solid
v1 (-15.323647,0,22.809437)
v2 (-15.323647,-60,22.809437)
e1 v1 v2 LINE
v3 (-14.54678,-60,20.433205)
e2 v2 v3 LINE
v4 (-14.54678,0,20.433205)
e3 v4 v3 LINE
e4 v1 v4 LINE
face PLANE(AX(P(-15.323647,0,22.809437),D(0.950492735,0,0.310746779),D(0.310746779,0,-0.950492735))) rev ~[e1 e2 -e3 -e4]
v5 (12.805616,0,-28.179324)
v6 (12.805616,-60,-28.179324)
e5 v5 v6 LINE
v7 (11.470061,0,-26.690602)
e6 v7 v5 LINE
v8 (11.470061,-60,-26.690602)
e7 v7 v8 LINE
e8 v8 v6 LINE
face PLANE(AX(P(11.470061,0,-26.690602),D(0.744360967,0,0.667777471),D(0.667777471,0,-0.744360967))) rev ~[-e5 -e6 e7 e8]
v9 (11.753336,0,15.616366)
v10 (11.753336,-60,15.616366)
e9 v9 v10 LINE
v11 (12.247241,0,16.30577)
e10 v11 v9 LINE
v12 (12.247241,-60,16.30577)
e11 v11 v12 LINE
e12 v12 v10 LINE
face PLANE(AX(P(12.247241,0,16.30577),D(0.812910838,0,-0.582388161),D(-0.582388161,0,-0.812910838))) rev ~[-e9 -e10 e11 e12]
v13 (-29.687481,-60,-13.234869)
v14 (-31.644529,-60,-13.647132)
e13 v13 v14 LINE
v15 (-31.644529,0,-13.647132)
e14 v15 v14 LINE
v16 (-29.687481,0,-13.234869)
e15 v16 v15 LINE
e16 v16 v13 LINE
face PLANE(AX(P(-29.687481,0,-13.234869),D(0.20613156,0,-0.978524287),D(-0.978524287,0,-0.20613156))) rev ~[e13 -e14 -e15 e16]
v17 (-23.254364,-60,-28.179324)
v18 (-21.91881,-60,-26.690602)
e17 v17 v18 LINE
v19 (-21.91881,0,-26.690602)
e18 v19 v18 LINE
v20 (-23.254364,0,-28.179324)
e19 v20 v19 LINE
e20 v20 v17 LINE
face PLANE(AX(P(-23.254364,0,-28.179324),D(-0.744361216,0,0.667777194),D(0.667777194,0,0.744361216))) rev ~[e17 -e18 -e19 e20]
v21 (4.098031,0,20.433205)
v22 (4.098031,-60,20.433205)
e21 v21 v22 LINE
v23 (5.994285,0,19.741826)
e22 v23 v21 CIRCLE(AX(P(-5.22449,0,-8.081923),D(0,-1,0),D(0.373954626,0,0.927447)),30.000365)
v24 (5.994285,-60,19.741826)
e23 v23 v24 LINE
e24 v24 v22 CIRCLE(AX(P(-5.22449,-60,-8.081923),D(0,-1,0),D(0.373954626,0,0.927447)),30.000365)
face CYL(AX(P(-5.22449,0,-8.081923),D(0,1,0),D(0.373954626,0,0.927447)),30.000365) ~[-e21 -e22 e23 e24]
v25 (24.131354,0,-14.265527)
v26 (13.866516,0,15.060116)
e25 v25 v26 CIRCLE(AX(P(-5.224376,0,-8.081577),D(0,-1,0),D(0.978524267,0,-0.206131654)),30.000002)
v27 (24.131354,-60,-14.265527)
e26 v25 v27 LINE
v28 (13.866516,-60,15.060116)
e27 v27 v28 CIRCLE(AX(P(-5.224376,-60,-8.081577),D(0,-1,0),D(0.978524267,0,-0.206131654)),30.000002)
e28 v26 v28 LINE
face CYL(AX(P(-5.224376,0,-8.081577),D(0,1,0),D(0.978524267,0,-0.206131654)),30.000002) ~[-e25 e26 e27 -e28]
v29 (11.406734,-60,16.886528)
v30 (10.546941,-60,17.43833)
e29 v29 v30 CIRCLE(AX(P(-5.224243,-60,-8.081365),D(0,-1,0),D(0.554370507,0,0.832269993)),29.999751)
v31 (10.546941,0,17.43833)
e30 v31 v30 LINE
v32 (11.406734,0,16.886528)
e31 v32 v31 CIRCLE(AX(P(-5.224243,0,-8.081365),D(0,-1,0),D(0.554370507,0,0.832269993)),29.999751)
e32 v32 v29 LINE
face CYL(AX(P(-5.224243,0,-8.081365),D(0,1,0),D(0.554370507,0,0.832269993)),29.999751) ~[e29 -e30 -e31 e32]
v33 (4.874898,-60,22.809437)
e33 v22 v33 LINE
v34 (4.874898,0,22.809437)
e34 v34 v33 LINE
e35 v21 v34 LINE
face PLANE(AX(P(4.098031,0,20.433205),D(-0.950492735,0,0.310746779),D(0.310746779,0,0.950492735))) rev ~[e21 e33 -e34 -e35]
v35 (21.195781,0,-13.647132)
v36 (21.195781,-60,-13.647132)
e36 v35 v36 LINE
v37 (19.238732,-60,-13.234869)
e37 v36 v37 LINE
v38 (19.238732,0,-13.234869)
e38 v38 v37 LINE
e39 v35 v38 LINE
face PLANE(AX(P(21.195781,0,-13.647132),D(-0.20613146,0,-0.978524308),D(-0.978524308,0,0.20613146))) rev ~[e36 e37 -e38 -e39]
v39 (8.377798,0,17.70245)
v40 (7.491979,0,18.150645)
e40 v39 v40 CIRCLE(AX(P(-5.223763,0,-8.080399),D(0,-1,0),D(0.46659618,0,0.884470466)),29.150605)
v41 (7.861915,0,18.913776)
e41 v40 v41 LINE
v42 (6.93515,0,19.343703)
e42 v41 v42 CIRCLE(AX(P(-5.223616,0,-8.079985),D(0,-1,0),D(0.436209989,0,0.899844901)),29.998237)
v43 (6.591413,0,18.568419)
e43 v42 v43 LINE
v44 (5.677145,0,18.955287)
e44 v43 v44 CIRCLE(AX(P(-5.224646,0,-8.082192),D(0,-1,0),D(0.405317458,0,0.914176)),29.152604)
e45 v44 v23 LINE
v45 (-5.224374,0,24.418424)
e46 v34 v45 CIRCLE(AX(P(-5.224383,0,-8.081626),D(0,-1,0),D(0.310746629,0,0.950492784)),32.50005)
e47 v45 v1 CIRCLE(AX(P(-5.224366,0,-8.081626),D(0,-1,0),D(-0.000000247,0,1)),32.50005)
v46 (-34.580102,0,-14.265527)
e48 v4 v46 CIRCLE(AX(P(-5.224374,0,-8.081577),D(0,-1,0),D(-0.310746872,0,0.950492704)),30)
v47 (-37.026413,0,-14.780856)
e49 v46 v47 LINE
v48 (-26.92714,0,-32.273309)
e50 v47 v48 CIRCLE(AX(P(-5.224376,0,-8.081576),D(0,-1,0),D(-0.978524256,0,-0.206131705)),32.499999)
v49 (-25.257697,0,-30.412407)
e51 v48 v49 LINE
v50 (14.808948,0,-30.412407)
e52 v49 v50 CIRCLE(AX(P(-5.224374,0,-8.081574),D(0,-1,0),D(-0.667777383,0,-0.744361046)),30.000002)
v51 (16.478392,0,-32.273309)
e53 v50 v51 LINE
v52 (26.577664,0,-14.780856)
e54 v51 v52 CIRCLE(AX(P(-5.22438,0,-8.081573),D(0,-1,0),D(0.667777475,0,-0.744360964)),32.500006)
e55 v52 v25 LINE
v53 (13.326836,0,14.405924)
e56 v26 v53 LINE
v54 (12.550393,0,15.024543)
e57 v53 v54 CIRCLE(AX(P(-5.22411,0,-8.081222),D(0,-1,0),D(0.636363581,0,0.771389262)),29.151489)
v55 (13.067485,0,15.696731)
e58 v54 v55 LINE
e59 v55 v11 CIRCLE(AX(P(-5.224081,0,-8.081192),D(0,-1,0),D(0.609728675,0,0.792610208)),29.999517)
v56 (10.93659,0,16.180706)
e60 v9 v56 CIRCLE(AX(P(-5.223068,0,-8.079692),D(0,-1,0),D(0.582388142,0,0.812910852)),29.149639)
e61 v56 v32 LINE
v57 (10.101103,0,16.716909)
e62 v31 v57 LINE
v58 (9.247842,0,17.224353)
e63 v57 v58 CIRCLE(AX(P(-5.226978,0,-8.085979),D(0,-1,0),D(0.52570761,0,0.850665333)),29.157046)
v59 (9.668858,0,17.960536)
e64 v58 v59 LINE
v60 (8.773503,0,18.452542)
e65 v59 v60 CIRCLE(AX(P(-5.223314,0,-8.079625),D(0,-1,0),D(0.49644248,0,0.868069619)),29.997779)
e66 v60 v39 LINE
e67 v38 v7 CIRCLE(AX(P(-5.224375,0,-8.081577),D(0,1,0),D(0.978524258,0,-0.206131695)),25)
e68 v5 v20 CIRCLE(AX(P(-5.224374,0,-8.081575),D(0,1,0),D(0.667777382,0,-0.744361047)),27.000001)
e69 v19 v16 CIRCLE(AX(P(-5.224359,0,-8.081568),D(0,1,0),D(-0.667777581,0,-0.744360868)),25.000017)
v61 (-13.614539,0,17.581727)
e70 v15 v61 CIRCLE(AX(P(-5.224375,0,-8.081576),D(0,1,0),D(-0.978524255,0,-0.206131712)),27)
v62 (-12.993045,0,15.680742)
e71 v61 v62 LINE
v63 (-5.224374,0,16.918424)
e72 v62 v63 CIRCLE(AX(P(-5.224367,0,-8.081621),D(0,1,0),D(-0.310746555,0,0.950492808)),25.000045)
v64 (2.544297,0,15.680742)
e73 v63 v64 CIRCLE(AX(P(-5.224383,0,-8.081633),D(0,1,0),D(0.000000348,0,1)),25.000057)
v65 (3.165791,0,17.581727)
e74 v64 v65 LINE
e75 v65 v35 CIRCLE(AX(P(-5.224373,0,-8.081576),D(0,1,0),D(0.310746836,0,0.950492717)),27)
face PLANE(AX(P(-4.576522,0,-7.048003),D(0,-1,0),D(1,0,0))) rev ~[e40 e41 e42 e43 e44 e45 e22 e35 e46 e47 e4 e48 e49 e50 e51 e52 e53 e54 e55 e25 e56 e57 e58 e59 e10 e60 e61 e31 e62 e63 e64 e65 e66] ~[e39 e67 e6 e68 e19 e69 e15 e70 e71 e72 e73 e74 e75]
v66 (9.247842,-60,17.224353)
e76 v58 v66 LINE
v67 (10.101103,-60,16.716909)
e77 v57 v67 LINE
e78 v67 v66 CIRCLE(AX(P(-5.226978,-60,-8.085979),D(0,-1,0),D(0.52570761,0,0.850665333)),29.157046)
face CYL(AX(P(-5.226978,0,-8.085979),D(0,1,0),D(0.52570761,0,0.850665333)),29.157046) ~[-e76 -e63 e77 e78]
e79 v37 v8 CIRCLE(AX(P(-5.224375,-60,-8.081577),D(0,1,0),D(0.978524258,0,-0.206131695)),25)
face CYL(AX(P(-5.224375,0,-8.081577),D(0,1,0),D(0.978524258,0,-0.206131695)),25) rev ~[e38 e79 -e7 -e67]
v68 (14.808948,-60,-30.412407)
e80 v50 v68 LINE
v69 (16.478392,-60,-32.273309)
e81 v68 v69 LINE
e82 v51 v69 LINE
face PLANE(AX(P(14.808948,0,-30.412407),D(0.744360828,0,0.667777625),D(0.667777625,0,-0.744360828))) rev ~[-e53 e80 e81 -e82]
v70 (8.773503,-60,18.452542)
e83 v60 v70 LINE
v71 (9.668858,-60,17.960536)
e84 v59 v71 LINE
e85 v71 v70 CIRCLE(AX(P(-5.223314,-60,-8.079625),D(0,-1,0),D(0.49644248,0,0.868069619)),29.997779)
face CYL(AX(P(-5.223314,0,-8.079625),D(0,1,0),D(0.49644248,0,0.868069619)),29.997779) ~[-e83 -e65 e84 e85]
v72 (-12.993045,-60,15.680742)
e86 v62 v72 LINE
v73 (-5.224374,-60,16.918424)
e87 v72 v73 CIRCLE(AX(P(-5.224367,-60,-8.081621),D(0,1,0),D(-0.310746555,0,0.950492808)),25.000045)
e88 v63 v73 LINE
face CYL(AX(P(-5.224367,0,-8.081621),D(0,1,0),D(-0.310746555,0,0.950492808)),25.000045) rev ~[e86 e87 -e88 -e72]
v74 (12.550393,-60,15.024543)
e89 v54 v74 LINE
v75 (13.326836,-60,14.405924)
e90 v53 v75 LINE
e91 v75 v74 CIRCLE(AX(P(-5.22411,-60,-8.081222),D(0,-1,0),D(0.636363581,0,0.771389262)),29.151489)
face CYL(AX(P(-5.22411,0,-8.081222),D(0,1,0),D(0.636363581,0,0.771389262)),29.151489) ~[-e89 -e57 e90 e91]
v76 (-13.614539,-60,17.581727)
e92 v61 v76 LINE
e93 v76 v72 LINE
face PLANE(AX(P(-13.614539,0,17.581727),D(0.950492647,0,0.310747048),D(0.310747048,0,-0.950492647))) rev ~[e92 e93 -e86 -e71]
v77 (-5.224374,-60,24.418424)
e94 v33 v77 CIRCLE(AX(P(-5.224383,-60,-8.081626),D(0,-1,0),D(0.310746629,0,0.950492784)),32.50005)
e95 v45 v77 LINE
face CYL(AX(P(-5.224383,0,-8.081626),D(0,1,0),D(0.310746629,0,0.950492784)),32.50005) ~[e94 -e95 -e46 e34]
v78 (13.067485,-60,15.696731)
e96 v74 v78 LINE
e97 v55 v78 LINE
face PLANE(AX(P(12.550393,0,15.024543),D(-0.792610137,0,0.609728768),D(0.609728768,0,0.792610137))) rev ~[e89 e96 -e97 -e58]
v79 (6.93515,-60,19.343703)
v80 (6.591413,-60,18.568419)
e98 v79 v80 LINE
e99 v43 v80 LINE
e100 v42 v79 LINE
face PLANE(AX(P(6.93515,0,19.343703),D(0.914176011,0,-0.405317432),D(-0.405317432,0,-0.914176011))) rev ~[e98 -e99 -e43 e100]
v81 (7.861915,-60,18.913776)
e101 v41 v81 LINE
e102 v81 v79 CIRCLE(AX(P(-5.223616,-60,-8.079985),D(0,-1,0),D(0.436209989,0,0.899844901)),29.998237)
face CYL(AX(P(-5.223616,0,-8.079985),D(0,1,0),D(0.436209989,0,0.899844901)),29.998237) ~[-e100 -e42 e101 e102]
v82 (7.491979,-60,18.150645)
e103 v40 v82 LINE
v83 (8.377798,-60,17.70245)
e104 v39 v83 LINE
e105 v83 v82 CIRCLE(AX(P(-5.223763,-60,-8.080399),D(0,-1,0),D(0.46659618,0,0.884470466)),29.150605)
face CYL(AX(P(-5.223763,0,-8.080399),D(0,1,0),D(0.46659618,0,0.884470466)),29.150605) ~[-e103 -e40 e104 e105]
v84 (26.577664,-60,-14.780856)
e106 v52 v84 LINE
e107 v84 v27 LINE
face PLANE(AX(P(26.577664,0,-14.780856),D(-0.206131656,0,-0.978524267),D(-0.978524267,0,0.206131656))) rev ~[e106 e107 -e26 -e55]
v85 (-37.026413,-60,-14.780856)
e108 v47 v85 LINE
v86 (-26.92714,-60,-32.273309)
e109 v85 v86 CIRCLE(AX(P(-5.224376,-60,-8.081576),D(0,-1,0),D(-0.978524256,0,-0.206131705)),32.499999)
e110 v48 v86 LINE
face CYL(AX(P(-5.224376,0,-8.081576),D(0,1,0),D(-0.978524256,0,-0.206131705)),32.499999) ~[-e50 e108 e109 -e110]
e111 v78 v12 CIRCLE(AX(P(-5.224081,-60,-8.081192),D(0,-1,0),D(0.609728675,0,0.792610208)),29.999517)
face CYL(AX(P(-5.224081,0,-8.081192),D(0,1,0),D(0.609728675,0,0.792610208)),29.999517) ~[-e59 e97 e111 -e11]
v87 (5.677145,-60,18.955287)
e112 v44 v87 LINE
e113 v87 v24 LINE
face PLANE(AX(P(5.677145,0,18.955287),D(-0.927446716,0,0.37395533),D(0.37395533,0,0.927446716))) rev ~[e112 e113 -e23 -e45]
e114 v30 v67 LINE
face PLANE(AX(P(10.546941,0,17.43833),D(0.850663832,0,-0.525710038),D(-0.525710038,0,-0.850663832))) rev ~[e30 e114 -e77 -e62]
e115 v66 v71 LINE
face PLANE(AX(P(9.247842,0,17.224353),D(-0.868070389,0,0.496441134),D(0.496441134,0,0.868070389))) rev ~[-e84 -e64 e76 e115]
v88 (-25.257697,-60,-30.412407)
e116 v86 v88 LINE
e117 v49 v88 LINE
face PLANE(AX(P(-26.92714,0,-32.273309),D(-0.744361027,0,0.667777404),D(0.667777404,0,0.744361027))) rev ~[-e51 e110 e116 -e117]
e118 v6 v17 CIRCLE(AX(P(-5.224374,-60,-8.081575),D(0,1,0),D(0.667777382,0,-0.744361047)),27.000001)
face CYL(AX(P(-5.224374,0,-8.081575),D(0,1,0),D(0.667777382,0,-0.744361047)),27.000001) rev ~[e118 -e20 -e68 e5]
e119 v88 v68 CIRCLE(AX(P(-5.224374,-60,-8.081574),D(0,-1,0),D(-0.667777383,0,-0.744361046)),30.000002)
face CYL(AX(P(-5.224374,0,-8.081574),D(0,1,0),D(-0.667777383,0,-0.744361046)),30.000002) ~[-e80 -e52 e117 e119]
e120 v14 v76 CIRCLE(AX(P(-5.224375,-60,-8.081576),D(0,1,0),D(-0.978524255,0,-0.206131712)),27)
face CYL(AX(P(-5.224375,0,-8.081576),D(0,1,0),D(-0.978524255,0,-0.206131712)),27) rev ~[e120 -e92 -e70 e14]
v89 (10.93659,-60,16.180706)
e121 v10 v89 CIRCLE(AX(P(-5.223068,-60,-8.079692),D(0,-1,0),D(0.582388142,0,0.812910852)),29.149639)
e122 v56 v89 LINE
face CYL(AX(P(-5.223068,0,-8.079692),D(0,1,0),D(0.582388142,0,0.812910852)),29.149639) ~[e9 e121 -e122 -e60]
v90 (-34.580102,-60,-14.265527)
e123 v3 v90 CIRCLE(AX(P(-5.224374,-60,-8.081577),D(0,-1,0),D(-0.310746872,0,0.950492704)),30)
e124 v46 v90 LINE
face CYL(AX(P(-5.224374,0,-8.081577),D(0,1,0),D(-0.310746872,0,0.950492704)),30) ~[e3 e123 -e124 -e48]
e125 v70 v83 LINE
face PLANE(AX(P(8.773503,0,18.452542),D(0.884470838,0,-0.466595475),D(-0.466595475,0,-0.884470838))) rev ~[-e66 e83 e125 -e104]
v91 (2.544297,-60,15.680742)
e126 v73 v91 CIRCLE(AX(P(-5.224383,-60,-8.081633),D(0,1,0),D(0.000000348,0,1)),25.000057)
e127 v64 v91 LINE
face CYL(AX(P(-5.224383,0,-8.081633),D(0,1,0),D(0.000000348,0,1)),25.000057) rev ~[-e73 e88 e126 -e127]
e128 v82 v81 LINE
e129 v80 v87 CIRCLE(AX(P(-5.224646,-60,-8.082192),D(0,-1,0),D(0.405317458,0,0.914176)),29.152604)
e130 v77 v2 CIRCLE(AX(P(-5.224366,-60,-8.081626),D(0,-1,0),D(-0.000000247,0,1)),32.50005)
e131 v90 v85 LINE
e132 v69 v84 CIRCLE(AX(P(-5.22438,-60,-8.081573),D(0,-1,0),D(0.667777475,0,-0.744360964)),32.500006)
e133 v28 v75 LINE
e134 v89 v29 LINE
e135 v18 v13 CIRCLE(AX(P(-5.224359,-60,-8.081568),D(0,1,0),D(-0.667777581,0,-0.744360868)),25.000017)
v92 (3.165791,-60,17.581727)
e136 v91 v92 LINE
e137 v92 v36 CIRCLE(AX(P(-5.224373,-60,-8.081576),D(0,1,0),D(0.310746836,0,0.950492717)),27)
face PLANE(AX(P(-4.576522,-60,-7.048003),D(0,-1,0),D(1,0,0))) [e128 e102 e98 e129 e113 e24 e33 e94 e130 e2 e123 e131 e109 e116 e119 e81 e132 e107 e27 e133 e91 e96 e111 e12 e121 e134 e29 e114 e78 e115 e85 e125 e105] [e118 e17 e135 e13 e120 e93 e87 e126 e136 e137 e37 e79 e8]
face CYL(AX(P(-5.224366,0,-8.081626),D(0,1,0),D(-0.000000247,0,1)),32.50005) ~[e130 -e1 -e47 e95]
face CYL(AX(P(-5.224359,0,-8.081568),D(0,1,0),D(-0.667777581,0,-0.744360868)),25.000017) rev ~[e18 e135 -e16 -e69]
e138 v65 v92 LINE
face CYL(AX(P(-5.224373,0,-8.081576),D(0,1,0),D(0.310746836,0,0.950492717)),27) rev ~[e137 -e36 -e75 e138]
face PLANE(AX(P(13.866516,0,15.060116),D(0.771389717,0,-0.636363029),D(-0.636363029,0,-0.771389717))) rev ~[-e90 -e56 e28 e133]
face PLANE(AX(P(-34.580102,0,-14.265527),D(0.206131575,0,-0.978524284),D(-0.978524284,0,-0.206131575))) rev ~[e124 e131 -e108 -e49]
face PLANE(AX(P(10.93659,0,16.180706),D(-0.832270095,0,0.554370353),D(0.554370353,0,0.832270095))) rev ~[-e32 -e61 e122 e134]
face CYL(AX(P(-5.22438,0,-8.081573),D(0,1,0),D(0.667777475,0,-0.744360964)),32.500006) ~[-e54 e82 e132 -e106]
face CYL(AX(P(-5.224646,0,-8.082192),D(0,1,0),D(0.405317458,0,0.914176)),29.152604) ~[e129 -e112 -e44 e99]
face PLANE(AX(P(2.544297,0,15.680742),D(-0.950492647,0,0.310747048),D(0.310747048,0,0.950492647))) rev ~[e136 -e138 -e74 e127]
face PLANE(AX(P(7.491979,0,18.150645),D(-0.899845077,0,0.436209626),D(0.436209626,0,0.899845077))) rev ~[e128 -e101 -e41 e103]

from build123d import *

# Parameters (mm, degrees)
F1_DEPTH = 60


with BuildPart() as f1:
    # F0 (on Front) → F1 (new body)
    with BuildSketch(Plane.XZ):
        with BuildLine():
            Line((-15.323647, 22.809437), (-14.54678, 20.433205))
            ThreePointArc((-14.54678, 20.433205), (-31.205136, 6.918424), (-34.580102, -14.265527))
            Line((-34.580102, -14.265527), (-37.026413, -14.780856))
            ThreePointArc((-37.026413, -14.780856), (-33.3702, -24.331576), (-26.92714, -32.273309))
            Line((-26.92714, -32.273309), (-25.257697, -30.412407))
            ThreePointArc((-25.257697, -30.412407), (-5.224374, -38.081576), (14.808948, -30.412407))
            Line((14.808948, -30.412407), (16.478392, -32.273309))
            ThreePointArc((16.478392, -32.273309), (22.921451, -24.331576), (26.577664, -14.780856))
            Line((26.577664, -14.780856), (24.131354, -14.265527))
            ThreePointArc((24.131354, -14.265527), (23.091117, 1.829678), (13.866516, 15.060116))
            Line((13.866516, 15.060116), (13.326836, 14.405924))
            ThreePointArc((13.326836, 14.405924), (12.941248, 14.718539), (12.550393, 15.024543))
            Line((12.550393, 15.024543), (13.067485, 15.696731))
            ThreePointArc((13.067485, 15.696731), (12.659955, 16.004743), (12.247241, 16.30577))
            Line((12.247241, 16.30577), (11.753336, 15.616366))
            ThreePointArc((11.753336, 15.616366), (11.347366, 15.902013), (10.93659, 16.180706))
            Line((10.93659, 16.180706), (11.406734, 16.886528))
            ThreePointArc((11.406734, 16.886528), (10.979187, 17.166089), (10.546941, 17.43833))
            Line((10.546941, 17.43833), (10.101103, 16.716909))
            ThreePointArc((10.101103, 16.716909), (9.676632, 16.974263), (9.247842, 17.224353))
            Line((9.247842, 17.224353), (9.668858, 17.960536))
            ThreePointArc((9.668858, 17.960536), (9.223275, 18.210351), (8.773503, 18.452542))
            Line((8.773503, 18.452542), (8.377798, 17.70245))
            ThreePointArc((8.377798, 17.70245), (7.936796, 17.930319), (7.491979, 18.150645))
            Line((7.491979, 18.150645), (7.861915, 18.913776))
            ThreePointArc((7.861915, 18.913776), (7.400363, 19.132685), (6.93515, 19.343703))
            Line((6.93515, 19.343703), (6.591413, 18.568419))
            ThreePointArc((6.591413, 18.568419), (6.135926, 18.765745), (5.677145, 18.955287))
            Line((5.677145, 18.955287), (5.994285, 19.741826))
            ThreePointArc((5.994285, 19.741826), (5.051974, 20.103467), (4.098031, 20.433205))
            Line((4.098031, 20.433205), (4.874898, 22.809437))
            ThreePointArc((4.874898, 22.809437), (-0.111055, 24.013656), (-5.224374, 24.418424))
            ThreePointArc((-5.224374, 24.418424), (-10.337694, 24.013656), (-15.323647, 22.809437))
        make_face()
        with BuildLine():
            ThreePointArc((-12.993045, 15.680742), (-9.157697, 16.607064), (-5.224374, 16.918424))
            ThreePointArc((-5.224374, 16.918424), (-1.291052, 16.607064), (2.544297, 15.680742))
            Line((2.544297, 15.680742), (3.165791, 17.581727))
            ThreePointArc((3.165791, 17.581727), (18.158312, 5.418424), (21.195781, -13.647132))
            Line((21.195781, -13.647132), (19.238732, -13.234869))
            ThreePointArc((19.238732, -13.234869), (16.426261, -20.581576), (11.470061, -26.690602))
            Line((11.470061, -26.690602), (12.805616, -28.179324))
            ThreePointArc((12.805616, -28.179324), (-5.224374, -35.081576), (-23.254364, -28.179324))
            Line((-23.254364, -28.179324), (-21.91881, -26.690602))
            ThreePointArc((-21.91881, -26.690602), (-26.875009, -20.581576), (-29.687481, -13.234869))
            Line((-29.687481, -13.234869), (-31.644529, -13.647132))
            ThreePointArc((-31.644529, -13.647132), (-28.60706, 5.418424), (-13.614539, 17.581727))
            Line((-13.614539, 17.581727), (-12.993045, 15.680742))
        make_face(mode=Mode.SUBTRACT)
    extrude(amount=F1_DEPTH)


solid = f1.part
